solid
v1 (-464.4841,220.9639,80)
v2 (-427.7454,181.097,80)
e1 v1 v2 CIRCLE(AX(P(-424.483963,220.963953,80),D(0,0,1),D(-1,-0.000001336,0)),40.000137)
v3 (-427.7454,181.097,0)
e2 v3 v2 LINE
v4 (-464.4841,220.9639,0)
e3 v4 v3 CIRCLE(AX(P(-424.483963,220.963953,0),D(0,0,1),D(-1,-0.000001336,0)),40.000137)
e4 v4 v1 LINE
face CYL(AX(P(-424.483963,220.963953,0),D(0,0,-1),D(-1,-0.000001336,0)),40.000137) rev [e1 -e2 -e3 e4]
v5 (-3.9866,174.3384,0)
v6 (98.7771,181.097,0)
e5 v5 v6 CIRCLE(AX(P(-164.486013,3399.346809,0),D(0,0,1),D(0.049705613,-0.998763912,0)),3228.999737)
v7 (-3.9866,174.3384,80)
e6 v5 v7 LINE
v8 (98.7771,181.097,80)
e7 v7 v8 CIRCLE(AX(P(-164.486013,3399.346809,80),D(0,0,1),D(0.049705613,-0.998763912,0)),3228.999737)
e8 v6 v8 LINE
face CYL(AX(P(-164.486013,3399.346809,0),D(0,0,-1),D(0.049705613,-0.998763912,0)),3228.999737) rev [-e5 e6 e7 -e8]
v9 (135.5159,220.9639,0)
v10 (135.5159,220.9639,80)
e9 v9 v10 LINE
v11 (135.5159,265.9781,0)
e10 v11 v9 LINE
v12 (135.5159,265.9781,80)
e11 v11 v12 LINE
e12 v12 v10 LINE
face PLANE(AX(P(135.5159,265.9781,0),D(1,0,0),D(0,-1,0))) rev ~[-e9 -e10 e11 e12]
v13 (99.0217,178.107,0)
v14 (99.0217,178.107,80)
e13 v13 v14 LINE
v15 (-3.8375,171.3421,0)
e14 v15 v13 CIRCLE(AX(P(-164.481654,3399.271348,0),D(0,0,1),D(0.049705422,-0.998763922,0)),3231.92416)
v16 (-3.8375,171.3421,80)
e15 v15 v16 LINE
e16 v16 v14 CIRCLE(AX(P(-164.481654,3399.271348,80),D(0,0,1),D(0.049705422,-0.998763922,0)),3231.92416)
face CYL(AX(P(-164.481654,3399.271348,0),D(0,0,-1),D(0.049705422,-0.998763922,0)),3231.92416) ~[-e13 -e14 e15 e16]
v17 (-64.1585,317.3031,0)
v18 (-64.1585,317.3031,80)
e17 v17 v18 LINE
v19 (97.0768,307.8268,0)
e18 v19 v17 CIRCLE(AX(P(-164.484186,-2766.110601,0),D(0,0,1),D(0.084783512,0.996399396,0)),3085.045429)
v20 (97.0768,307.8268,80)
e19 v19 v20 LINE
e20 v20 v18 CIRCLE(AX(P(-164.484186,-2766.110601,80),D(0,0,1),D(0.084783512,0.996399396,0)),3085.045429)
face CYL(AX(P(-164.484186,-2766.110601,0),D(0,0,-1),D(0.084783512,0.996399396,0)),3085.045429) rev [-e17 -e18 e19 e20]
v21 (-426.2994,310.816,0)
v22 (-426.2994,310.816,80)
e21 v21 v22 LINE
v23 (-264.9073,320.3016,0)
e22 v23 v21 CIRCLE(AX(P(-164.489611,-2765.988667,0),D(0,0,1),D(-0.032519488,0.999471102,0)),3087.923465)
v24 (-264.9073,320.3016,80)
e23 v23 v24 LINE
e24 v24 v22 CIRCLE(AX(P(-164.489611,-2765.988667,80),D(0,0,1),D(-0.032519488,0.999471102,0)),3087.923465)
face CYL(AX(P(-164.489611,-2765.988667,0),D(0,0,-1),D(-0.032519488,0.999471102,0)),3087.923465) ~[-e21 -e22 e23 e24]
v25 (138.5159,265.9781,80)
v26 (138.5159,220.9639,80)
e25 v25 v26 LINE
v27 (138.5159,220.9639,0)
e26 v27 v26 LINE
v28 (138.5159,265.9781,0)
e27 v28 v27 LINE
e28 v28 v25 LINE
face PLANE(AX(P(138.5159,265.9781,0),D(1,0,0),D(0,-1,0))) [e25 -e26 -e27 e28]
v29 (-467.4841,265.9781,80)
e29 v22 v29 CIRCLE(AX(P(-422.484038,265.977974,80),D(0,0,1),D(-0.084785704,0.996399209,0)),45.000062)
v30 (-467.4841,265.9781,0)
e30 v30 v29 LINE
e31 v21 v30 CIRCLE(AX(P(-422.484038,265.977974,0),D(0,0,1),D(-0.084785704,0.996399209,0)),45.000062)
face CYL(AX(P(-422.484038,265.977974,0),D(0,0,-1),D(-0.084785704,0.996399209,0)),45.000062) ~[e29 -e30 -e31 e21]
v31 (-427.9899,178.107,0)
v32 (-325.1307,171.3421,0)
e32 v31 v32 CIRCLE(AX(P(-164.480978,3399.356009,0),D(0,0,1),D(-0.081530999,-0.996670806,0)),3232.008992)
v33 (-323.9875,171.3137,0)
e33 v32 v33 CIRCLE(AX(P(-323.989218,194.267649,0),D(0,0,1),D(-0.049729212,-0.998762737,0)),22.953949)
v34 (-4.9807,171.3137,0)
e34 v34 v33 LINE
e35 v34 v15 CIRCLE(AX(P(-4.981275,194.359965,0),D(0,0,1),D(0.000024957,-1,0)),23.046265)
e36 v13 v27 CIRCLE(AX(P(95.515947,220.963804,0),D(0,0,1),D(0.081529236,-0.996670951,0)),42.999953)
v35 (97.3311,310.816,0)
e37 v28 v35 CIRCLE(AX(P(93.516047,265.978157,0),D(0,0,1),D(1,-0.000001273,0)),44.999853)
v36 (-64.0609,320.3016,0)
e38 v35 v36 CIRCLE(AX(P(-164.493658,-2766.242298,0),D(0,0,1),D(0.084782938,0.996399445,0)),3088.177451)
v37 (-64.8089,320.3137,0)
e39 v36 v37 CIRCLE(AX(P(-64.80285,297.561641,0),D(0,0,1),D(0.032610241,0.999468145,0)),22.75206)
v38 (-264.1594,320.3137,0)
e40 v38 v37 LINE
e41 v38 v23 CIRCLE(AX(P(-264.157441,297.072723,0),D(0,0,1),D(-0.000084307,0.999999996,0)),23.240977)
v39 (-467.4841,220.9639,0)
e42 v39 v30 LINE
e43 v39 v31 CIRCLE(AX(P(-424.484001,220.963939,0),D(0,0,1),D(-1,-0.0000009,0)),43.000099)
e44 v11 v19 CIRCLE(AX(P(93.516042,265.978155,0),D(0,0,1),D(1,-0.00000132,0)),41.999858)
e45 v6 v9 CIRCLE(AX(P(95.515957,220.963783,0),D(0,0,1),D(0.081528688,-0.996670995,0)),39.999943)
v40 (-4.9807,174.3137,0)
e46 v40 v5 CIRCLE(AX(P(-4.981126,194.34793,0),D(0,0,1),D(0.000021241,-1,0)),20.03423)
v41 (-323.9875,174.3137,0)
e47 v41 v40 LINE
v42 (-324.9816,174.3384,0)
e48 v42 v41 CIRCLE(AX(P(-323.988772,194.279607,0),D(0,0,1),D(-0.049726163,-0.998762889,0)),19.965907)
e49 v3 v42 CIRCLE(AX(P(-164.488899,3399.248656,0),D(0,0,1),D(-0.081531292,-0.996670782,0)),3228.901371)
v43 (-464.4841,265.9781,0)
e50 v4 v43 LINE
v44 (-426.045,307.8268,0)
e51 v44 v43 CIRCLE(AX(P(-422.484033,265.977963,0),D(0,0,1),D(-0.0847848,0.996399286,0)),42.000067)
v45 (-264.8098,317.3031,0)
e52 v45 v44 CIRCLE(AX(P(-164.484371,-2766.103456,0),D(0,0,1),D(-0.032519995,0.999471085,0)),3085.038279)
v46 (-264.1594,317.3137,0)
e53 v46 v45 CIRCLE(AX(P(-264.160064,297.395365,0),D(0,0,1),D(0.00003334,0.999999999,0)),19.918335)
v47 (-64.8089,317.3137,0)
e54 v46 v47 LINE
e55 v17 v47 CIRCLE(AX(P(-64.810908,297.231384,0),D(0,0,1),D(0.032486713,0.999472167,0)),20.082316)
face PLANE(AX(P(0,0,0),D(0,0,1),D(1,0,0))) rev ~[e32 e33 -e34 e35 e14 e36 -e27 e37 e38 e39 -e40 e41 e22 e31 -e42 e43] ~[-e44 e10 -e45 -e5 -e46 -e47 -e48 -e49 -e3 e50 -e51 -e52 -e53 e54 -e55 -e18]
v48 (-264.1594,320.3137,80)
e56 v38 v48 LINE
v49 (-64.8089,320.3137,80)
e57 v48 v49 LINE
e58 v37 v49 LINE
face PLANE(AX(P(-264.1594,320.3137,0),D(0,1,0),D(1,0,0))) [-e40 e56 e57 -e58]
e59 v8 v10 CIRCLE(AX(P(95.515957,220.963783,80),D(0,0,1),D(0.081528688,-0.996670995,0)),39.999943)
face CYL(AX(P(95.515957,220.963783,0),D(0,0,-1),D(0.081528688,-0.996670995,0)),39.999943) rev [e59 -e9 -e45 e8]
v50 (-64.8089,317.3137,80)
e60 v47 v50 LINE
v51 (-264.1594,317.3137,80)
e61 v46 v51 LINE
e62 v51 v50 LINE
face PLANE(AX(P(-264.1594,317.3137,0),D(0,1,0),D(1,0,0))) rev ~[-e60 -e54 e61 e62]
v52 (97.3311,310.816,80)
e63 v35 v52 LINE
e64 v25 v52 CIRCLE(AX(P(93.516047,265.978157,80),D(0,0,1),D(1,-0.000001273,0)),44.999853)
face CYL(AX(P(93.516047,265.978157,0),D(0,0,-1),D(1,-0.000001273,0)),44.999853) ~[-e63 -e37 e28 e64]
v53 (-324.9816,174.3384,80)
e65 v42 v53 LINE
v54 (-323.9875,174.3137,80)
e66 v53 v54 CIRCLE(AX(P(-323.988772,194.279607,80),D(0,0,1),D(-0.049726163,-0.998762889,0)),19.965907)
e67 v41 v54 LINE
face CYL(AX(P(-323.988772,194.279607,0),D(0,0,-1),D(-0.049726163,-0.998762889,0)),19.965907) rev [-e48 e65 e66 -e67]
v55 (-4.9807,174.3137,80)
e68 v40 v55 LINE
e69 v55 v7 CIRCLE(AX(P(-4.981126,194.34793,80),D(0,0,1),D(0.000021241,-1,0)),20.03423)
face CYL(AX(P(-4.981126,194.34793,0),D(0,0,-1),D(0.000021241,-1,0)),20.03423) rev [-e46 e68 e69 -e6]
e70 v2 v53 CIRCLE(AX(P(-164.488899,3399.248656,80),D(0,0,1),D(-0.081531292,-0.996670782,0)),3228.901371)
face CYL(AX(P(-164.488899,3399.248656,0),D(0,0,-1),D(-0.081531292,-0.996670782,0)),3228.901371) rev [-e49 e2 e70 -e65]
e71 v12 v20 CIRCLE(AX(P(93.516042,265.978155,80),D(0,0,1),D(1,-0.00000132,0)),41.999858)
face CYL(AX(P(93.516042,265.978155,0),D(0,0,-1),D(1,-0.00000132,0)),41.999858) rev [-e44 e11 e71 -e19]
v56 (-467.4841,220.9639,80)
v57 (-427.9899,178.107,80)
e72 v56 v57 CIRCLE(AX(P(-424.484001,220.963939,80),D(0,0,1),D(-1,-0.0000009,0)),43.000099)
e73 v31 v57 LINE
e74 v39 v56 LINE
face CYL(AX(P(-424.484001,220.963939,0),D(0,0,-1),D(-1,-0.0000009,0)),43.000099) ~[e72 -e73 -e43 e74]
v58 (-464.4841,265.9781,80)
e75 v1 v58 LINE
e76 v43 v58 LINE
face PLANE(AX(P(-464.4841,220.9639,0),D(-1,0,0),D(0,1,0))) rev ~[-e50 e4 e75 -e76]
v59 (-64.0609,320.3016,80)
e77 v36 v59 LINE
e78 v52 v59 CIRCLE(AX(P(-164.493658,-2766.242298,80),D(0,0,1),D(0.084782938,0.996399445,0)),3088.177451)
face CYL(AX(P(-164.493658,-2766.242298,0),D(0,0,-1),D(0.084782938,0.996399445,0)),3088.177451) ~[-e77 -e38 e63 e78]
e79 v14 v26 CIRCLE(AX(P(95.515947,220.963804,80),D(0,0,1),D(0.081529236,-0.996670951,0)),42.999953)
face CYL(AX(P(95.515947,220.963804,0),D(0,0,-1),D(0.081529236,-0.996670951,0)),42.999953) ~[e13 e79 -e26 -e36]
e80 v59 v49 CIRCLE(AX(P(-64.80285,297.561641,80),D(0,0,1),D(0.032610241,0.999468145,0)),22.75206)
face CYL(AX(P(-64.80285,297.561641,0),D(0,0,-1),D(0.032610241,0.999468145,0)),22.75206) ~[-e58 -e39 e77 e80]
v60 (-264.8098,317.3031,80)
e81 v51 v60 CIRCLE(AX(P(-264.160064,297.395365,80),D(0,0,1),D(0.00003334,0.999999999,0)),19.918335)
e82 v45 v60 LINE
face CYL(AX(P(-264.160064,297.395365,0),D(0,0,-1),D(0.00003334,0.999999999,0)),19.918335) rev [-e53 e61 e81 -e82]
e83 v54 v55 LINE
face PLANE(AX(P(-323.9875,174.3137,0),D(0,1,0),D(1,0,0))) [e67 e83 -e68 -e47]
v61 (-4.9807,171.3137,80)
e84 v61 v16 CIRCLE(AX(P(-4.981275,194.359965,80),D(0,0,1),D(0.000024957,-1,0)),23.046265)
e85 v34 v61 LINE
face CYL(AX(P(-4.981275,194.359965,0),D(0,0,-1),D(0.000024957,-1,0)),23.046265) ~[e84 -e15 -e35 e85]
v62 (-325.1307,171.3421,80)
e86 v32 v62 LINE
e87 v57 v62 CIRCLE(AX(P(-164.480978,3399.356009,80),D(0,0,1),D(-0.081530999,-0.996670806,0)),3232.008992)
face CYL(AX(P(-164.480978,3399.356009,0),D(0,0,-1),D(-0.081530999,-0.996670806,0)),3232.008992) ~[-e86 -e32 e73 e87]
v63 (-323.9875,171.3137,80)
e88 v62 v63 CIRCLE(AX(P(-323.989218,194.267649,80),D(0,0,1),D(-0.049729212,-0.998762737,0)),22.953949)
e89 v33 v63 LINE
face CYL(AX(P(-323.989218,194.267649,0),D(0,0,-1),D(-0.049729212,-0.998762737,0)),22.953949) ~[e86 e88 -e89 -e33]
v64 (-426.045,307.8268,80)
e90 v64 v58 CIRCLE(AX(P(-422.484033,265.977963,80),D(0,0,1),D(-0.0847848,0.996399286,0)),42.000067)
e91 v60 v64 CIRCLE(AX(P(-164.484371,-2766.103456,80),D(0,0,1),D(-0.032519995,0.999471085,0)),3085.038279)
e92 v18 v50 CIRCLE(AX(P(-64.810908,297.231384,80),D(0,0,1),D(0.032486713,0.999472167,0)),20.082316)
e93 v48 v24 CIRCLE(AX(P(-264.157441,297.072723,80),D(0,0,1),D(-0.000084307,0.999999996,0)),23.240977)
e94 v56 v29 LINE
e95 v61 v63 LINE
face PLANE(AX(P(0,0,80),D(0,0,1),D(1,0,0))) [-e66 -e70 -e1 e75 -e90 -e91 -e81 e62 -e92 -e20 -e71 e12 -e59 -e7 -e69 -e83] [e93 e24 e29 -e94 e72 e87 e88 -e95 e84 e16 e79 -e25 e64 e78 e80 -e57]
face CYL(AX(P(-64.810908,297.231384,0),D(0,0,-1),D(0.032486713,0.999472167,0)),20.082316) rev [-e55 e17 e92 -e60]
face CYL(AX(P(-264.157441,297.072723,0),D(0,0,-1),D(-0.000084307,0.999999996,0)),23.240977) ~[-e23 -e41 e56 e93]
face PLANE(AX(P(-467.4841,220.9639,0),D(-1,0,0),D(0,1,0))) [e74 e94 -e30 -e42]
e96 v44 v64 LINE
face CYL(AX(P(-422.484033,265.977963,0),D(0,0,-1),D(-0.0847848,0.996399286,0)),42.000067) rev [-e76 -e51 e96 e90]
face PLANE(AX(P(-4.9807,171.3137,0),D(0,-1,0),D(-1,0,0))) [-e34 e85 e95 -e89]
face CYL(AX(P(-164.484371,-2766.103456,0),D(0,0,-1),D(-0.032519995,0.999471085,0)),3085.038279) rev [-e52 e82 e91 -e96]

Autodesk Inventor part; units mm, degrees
ref_plane "YZ Plane" through (0, 0, 0) normal (1, 0, 0) x (0, 1, 0)
ref_plane "XZ Plane" through (0, 0, 0) normal (0, 1, 0) x (-1, 0, 0)
ref_plane "XY Plane" through (0, 0, 0) normal (0, 0, 1) x (1, 0, 0)
sketch "Block1" plane through (0, 0, 0) normal (0, 0, 1) x (1, 0, 0)
  arc A0 (261.5609, 58.5131) -> (100.3256, 67.9894) centre (0, -3015.4231) ccw
  arc A1 (-100.3256, 67.9894) -> (-261.5609, 58.5131) centre (0, -3015.4231) ccw
  line L0 (-159.5034, -75) -> (159.5034, -75)
  arc A2 (-263.2612, -68.2167) -> (-160.4975, -74.9753) centre (0, 3150) ccw
  arc A3 (160.4975, -74.9753) -> (263.2612, -68.2167) centre (0, 3150) ccw
  arc A4 (300, 16.6643) -> (261.5609, 58.5131) centre (258, 16.6643) ccw
  arc A5 (263.2612, -68.2167) -> (300, -28.3498) centre (260, -28.3498) ccw
  arc A6 (-300, -28.3498) -> (-263.2612, -68.2167) centre (-260, -28.3498) ccw
  arc A7 (-261.5609, 58.5131) -> (-300, 16.6643) centre (-258, 16.6643) ccw
  arc A8 (-99.6752, 68) -> (-100.3256, 67.9894) centre (-99.6752, 48) ccw
  arc A9 (100.3256, 67.9894) -> (99.6752, 68) centre (99.6752, 48) ccw
  arc A10 (159.5034, -75) -> (160.4975, -74.9753) centre (159.5034, -55) ccw
  arc A11 (-160.4975, -74.9753) -> (-159.5034, -75) centre (-159.5034, -55) ccw
  line L1 (-99.6752, 68) -> (99.6752, 68)
  line L2 (300, 16.6643) -> (300, -28.3498)
  line L3 (-300, -28.3498) -> (-300, 16.6643)
  point P0 (0, -2.2582)
  point P1 (-300, 55)
  point P2 (300, 55)
  point P3 (-300, -65)
  point P4 (300, -65)
  point P5 (-160, -75)
  point P6 (160, -75)
  point P7 (-100, 68)
  point P8 (100, 68)
  dimension "d0" = 600
  dimension "d14" = 120
  dimension "d13" = 120
  dimension "d12" = 140
  dimension "d10" = 140
  dimension "d3" = 200
  dimension "d1" = 200
  dimension "d20" = 200
  dimension "d21" = 320
  dimension "d2" = 143
  dimension "d11" = 10
  dimension "d9" = 10
  dimension "d22" = 13
  dimension "d23" = 13
  dimension "d8" = 42
  dimension "d7" = 40
  dimension "d6" = 40
  dimension "d5" = 42
  dimension "d4" = 20
sketch "Sketch2" plane through (0, 0, 0) normal (0, 0, 1) x (1, 0, 0)
  arc A0 (97.0768, 307.8268) -> (-64.1585, 317.3031) centre (-164.4841, -2766.1094) ccw
  arc A1 (-264.8098, 317.3031) -> (-426.045, 307.8268) centre (-164.4841, -2766.1094) ccw
  line L0 (-323.9875, 174.3137) -> (-4.9807, 174.3137)
  arc A2 (-427.7454, 181.097) -> (-324.9816, 174.3384) centre (-164.4841, 3399.3137) ccw
  arc A3 (-3.9866, 174.3384) -> (98.7771, 181.097) centre (-164.4841, 3399.3137) ccw
  arc A4 (135.5159, 265.9781) -> (97.0768, 307.8268) centre (93.5159, 265.9781) ccw
  arc A5 (98.7771, 181.097) -> (135.5159, 220.9639) centre (95.5159, 220.9639) ccw
  arc A6 (-464.4841, 220.9639) -> (-427.7454, 181.097) centre (-424.4841, 220.9639) ccw
  arc A7 (-426.045, 307.8268) -> (-464.4841, 265.9781) centre (-422.4841, 265.9781) ccw
  arc A8 (-264.1594, 317.3137) -> (-264.8098, 317.3031) centre (-264.1594, 297.3137) ccw
  arc A9 (-64.1585, 317.3031) -> (-64.8089, 317.3137) centre (-64.8089, 297.3137) ccw
  arc A10 (-4.9807, 174.3137) -> (-3.9866, 174.3384) centre (-4.9807, 194.3137) ccw
  arc A11 (-324.9816, 174.3384) -> (-323.9875, 174.3137) centre (-323.9875, 194.3137) ccw
  line L1 (-264.1594, 317.3137) -> (-64.8089, 317.3137)
  line L2 (135.5159, 265.9781) -> (135.5159, 220.9639)
  line L3 (-464.4841, 220.9639) -> (-464.4841, 265.9781)
  arc A12 (-426.2994, 310.816) -> (-467.4841, 265.9781) centre (-422.4841, 265.9781) ccw
  arc A13 (-264.9073, 320.3016) -> (-426.2994, 310.816) centre (-164.4841, -2766.1094) ccw
  arc A14 (-264.1594, 320.3137) -> (-264.9073, 320.3016) centre (-264.1594, 297.3137) ccw
  line L4 (-264.1594, 320.3137) -> (-64.8089, 320.3137)
  arc A15 (-64.0609, 320.3016) -> (-64.8089, 320.3137) centre (-64.8089, 297.3137) ccw
  arc A16 (97.3311, 310.816) -> (-64.0609, 320.3016) centre (-164.4841, -2766.1094) ccw
  arc A17 (138.5159, 265.9781) -> (97.3311, 310.816) centre (93.5159, 265.9781) ccw
  line L5 (138.5159, 265.9781) -> (138.5159, 220.9639)
  arc A18 (99.0217, 178.107) -> (138.5159, 220.9639) centre (95.5159, 220.9639) ccw
  arc A19 (-3.8375, 171.3421) -> (99.0217, 178.107) centre (-164.4841, 3399.3137) ccw
  arc A20 (-4.9807, 171.3137) -> (-3.8375, 171.3421) centre (-4.9807, 194.3137) ccw
  line L6 (-4.9807, 171.3137) -> (-323.9875, 171.3137)
  arc A21 (-325.1307, 171.3421) -> (-323.9875, 171.3137) centre (-323.9875, 194.3137) ccw
  arc A22 (-427.9899, 178.107) -> (-325.1307, 171.3421) centre (-164.4841, 3399.3137) ccw
  arc A23 (-467.4841, 220.9639) -> (-427.9899, 178.107) centre (-424.4841, 220.9639) ccw
  line L7 (-467.4841, 220.9639) -> (-467.4841, 265.9781)
  point P0 (0, 0)
  point P1 (-464.4841, 304.3137)
  point P2 (135.5159, 304.3137)
  point P3 (-464.4841, 184.3137)
  point P4 (135.5159, 184.3137)
  point P5 (-324.4841, 174.3137)
  point P6 (-4.4841, 174.3137)
  point P7 (-264.4841, 317.3137)
  point P8 (-64.4841, 317.3137)
  dimension "d44" = 143
  dimension "d47" = 600
  dimension "d50" = 600
  dimension "d51" = 120
  dimension "d52" = 120
  dimension "d53" = 140
  dimension "d54" = 140
  dimension "d55" = 200
  dimension "d56" = 200
  dimension "d57" = 200
  dimension "d58" = 320
  dimension "d59" = 143
  dimension "d60" = 10
  dimension "d61" = 10
  dimension "d62" = 13
  dimension "d63" = 13
  dimension "d64" = 42
  dimension "d65" = 40
  dimension "d66" = 40
  dimension "d67" = 42
  dimension "d68" = 20
  dimension "d69" = 3
extrude "Extrusion2" add sketch "Sketch2" along normal blind 80
properties part number "7 Segment Clock Shell"
